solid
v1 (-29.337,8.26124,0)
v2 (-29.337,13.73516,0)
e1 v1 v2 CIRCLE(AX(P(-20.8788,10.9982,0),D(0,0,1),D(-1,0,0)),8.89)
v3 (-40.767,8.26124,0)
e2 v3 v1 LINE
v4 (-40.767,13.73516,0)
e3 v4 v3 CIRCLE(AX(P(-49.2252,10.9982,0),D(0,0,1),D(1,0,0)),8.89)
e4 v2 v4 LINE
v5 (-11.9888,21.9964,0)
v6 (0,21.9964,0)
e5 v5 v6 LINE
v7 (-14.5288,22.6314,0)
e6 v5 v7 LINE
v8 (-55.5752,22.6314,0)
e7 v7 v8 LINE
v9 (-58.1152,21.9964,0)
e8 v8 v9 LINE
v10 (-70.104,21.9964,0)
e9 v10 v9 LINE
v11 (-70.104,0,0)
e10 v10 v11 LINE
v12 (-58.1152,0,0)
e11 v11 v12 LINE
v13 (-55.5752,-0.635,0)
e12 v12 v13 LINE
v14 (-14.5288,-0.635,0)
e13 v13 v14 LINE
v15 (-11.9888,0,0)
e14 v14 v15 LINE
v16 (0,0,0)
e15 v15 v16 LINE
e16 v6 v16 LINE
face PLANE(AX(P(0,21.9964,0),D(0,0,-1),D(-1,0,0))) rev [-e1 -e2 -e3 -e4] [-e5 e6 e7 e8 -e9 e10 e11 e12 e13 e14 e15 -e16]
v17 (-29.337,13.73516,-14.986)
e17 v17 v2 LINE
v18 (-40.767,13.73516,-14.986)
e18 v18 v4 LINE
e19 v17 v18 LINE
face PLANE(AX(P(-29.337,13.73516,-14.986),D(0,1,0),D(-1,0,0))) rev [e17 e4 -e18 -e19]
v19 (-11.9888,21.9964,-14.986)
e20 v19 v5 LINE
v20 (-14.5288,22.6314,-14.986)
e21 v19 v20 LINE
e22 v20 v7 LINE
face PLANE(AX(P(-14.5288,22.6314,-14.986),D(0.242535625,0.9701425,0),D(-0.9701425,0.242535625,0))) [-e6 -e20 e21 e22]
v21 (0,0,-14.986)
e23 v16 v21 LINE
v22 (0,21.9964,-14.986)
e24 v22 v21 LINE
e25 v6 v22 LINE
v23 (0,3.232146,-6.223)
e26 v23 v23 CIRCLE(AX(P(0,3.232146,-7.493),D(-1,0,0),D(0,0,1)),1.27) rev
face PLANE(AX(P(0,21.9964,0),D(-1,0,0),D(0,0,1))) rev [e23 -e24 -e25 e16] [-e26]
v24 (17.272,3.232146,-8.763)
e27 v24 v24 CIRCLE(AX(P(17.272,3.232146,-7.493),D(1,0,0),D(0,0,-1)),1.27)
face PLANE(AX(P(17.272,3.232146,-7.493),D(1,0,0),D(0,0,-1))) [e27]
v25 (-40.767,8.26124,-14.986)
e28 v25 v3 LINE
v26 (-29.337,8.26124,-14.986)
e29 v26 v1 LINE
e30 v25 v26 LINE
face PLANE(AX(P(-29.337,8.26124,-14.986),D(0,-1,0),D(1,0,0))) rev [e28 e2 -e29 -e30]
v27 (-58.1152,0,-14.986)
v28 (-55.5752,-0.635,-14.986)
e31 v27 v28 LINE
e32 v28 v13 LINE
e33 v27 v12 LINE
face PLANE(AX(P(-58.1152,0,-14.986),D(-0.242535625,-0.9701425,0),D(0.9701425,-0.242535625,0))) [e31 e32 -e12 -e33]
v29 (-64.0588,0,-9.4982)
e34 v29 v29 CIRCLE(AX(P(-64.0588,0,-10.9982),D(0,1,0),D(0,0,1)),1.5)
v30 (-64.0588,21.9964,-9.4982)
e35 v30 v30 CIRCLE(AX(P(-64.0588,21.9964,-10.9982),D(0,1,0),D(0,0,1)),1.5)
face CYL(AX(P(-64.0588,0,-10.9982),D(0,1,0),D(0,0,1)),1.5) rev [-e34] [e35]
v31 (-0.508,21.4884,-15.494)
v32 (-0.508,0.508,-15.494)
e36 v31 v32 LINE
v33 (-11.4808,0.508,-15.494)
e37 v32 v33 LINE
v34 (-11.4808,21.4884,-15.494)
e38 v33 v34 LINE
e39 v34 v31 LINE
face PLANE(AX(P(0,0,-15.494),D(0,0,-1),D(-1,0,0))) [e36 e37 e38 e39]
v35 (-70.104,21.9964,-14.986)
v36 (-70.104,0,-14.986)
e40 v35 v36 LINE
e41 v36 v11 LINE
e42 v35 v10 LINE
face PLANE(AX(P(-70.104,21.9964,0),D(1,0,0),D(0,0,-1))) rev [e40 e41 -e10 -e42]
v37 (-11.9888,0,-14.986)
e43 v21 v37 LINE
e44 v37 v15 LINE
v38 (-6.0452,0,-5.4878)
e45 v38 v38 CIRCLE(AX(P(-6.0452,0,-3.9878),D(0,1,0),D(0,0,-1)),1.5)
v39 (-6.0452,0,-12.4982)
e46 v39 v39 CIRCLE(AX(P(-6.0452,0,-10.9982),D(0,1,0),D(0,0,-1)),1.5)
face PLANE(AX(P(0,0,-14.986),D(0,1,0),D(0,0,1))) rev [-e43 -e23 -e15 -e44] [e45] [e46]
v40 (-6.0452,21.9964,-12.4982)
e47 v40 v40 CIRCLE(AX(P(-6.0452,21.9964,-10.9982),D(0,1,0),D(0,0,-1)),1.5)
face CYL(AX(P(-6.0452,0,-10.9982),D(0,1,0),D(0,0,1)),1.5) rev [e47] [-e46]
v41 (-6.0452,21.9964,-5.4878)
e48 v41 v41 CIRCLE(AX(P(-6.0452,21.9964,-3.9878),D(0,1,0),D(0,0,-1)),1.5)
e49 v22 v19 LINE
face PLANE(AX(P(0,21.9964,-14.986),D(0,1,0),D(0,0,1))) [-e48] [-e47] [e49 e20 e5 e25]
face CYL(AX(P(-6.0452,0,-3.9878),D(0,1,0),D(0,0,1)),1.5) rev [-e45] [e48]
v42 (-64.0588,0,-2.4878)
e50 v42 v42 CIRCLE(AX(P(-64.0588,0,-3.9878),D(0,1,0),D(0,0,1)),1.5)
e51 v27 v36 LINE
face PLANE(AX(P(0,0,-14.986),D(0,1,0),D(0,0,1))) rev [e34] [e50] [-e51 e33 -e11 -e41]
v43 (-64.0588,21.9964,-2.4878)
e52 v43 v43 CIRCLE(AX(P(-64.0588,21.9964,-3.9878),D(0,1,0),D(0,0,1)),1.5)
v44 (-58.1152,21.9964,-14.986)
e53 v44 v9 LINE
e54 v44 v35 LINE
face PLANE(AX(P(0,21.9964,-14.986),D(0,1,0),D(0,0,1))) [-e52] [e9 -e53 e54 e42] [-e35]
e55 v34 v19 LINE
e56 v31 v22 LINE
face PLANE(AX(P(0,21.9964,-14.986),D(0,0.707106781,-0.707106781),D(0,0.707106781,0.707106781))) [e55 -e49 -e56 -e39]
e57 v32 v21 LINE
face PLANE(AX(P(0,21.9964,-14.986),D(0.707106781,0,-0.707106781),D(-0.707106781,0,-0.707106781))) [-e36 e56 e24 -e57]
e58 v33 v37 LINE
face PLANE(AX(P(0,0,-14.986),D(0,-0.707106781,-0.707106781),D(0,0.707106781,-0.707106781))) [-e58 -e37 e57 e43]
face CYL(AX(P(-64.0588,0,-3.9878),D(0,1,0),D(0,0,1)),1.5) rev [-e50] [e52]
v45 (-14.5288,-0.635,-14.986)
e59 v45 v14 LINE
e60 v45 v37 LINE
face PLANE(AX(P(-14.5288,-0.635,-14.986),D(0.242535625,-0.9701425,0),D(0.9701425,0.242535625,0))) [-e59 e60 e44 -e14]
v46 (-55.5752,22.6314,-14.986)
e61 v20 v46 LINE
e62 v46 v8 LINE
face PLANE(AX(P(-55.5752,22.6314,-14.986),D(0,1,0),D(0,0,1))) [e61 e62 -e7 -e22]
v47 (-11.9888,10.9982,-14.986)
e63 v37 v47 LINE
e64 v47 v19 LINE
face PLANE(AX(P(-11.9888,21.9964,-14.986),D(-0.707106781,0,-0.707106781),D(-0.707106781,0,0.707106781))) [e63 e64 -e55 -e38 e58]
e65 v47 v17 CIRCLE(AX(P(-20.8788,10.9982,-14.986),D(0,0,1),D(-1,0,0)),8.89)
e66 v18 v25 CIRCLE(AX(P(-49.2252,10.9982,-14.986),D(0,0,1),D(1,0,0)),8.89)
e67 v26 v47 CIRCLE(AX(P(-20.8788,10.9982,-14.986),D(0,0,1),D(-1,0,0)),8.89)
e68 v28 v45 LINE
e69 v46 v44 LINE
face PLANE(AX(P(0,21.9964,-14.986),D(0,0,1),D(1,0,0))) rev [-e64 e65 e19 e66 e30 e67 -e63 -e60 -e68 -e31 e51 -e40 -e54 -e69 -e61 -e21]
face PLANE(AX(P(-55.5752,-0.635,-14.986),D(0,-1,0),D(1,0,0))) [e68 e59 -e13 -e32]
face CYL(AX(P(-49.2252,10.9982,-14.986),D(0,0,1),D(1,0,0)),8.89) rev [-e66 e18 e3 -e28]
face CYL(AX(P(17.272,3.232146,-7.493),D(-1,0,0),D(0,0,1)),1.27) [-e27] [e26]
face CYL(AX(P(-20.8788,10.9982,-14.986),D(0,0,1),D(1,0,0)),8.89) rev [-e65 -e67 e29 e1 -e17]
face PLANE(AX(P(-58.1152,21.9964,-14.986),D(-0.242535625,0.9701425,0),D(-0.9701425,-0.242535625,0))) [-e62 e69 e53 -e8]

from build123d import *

# Parameters (mm, degrees)
SKETCH1_W           = 70.104
SKETCH1_H           = 14.986
BOSS_EXTRUDE1_DEPTH = 21.9964
CUT_EXTRUDE1_DEPTH  = 75.986616306
SKETCH4_R           = 1.5
CUT_EXTRUDE2_DEPTH  = 75.986616306
SKETCH5_R           = 1.27
BOSS_EXTRUDE2_DEPTH = 17.272
BOSS_EXTRUDE3_DEPTH = 14.986
SKETCH7_W           = 11.9888
SKETCH7_H           = 21.9964
BOSS_EXTRUDE4_DEPTH = 0.508
BOSS_EXTRUDE4_TAPER = 45


with BuildPart() as part:
    # Sketch1 → Boss-Extrude1 (new body)
    with BuildSketch(Plane(origin=(0, 0, 0), x_dir=(1, 0, 0), z_dir=(0, 1, 0))):
        with Locations((-35.052, 7.493)):
            Rectangle(SKETCH1_W, SKETCH1_H)
    extrude(amount=BOSS_EXTRUDE1_DEPTH)

    # Sketch3 → Cut-Extrude1 (cut, through all)
    with BuildSketch(Plane.XY):
        with BuildLine():
            Line((-29.337, 13.735160497), (-40.767, 13.735160497))
            ThreePointArc((-40.767, 13.735160497), (-58.1152, 10.9982), (-40.767, 8.261239503))
            Line((-40.767, 8.261239503), (-29.337, 8.261239503))
            ThreePointArc((-29.337, 8.261239503), (-11.9888, 10.9982), (-29.337, 13.735160497))
        make_face()
        Polygon((-58.1152, 21.9964), (-55.5752, 21.3614), (-14.5288, 21.3614), (-11.9888, 21.9964), align=None)
        Polygon((-58.1152, 0), (-55.5752, 0.635), (-14.5288, 0.635), (-11.9888, 0), align=None)
    extrude(amount=-CUT_EXTRUDE1_DEPTH, mode=Mode.SUBTRACT)

    # Sketch4 → Cut-Extrude2 (cut, through all)
    with BuildSketch(Plane(origin=(0, 21.9964, 0), x_dir=(1, 0, 0), z_dir=(0, 1, 0))):
        with Locations(Location((-64.0588, 10.9982, 0), (0, 0, 270))):
            Circle(SKETCH4_R)
        with Locations(Location((-64.0588, 3.9878, 0), (0, 0, 270))):
            Circle(SKETCH4_R)
        with Locations(Location((-6.0452, 3.9878, 0), (0, 0, 90))):
            Circle(SKETCH4_R)
        with Locations(Location((-6.0452, 10.9982, 0), (0, 0, 90))):
            Circle(SKETCH4_R)
    extrude(amount=-CUT_EXTRUDE2_DEPTH, mode=Mode.SUBTRACT)

    # Sketch5 → Boss-Extrude2 (add)
    with BuildSketch(Plane(origin=(0, 0, 0), x_dir=(0, 0, -1), z_dir=(1, 0, 0))):
        with Locations(Location((7.493, 3.23214606, 0), (0, 0, 180))):
            Circle(SKETCH5_R)
    extrude(amount=BOSS_EXTRUDE2_DEPTH)

    # Sketch6 → Boss-Extrude3 (add, through all)
    with BuildSketch(Plane.XY):
        Polygon((-58.1152, 21.9964), (-55.5752, 21.3614), (-14.5288, 21.3614), (-11.9888, 21.9964), (-14.5288, 22.6314), (-55.5752, 22.6314), align=None)
        Polygon((-55.5752, -0.635), (-14.5288, -0.635), (-11.9888, 0), (-14.5288, 0.635), (-55.5752, 0.635), (-58.1152, 0), align=None)
    extrude(amount=-BOSS_EXTRUDE3_DEPTH)

    # Sketch7 → Boss-Extrude4 (add)
    with BuildSketch(Plane(origin=(0, 0, -14.986), x_dir=(-1, 0, 0), z_dir=(0, 0, -1))):
        with Locations((5.9944, 10.9982)):
            Rectangle(SKETCH7_W, SKETCH7_H)
    extrude(amount=BOSS_EXTRUDE4_DEPTH, taper=BOSS_EXTRUDE4_TAPER)


solid = part.part
